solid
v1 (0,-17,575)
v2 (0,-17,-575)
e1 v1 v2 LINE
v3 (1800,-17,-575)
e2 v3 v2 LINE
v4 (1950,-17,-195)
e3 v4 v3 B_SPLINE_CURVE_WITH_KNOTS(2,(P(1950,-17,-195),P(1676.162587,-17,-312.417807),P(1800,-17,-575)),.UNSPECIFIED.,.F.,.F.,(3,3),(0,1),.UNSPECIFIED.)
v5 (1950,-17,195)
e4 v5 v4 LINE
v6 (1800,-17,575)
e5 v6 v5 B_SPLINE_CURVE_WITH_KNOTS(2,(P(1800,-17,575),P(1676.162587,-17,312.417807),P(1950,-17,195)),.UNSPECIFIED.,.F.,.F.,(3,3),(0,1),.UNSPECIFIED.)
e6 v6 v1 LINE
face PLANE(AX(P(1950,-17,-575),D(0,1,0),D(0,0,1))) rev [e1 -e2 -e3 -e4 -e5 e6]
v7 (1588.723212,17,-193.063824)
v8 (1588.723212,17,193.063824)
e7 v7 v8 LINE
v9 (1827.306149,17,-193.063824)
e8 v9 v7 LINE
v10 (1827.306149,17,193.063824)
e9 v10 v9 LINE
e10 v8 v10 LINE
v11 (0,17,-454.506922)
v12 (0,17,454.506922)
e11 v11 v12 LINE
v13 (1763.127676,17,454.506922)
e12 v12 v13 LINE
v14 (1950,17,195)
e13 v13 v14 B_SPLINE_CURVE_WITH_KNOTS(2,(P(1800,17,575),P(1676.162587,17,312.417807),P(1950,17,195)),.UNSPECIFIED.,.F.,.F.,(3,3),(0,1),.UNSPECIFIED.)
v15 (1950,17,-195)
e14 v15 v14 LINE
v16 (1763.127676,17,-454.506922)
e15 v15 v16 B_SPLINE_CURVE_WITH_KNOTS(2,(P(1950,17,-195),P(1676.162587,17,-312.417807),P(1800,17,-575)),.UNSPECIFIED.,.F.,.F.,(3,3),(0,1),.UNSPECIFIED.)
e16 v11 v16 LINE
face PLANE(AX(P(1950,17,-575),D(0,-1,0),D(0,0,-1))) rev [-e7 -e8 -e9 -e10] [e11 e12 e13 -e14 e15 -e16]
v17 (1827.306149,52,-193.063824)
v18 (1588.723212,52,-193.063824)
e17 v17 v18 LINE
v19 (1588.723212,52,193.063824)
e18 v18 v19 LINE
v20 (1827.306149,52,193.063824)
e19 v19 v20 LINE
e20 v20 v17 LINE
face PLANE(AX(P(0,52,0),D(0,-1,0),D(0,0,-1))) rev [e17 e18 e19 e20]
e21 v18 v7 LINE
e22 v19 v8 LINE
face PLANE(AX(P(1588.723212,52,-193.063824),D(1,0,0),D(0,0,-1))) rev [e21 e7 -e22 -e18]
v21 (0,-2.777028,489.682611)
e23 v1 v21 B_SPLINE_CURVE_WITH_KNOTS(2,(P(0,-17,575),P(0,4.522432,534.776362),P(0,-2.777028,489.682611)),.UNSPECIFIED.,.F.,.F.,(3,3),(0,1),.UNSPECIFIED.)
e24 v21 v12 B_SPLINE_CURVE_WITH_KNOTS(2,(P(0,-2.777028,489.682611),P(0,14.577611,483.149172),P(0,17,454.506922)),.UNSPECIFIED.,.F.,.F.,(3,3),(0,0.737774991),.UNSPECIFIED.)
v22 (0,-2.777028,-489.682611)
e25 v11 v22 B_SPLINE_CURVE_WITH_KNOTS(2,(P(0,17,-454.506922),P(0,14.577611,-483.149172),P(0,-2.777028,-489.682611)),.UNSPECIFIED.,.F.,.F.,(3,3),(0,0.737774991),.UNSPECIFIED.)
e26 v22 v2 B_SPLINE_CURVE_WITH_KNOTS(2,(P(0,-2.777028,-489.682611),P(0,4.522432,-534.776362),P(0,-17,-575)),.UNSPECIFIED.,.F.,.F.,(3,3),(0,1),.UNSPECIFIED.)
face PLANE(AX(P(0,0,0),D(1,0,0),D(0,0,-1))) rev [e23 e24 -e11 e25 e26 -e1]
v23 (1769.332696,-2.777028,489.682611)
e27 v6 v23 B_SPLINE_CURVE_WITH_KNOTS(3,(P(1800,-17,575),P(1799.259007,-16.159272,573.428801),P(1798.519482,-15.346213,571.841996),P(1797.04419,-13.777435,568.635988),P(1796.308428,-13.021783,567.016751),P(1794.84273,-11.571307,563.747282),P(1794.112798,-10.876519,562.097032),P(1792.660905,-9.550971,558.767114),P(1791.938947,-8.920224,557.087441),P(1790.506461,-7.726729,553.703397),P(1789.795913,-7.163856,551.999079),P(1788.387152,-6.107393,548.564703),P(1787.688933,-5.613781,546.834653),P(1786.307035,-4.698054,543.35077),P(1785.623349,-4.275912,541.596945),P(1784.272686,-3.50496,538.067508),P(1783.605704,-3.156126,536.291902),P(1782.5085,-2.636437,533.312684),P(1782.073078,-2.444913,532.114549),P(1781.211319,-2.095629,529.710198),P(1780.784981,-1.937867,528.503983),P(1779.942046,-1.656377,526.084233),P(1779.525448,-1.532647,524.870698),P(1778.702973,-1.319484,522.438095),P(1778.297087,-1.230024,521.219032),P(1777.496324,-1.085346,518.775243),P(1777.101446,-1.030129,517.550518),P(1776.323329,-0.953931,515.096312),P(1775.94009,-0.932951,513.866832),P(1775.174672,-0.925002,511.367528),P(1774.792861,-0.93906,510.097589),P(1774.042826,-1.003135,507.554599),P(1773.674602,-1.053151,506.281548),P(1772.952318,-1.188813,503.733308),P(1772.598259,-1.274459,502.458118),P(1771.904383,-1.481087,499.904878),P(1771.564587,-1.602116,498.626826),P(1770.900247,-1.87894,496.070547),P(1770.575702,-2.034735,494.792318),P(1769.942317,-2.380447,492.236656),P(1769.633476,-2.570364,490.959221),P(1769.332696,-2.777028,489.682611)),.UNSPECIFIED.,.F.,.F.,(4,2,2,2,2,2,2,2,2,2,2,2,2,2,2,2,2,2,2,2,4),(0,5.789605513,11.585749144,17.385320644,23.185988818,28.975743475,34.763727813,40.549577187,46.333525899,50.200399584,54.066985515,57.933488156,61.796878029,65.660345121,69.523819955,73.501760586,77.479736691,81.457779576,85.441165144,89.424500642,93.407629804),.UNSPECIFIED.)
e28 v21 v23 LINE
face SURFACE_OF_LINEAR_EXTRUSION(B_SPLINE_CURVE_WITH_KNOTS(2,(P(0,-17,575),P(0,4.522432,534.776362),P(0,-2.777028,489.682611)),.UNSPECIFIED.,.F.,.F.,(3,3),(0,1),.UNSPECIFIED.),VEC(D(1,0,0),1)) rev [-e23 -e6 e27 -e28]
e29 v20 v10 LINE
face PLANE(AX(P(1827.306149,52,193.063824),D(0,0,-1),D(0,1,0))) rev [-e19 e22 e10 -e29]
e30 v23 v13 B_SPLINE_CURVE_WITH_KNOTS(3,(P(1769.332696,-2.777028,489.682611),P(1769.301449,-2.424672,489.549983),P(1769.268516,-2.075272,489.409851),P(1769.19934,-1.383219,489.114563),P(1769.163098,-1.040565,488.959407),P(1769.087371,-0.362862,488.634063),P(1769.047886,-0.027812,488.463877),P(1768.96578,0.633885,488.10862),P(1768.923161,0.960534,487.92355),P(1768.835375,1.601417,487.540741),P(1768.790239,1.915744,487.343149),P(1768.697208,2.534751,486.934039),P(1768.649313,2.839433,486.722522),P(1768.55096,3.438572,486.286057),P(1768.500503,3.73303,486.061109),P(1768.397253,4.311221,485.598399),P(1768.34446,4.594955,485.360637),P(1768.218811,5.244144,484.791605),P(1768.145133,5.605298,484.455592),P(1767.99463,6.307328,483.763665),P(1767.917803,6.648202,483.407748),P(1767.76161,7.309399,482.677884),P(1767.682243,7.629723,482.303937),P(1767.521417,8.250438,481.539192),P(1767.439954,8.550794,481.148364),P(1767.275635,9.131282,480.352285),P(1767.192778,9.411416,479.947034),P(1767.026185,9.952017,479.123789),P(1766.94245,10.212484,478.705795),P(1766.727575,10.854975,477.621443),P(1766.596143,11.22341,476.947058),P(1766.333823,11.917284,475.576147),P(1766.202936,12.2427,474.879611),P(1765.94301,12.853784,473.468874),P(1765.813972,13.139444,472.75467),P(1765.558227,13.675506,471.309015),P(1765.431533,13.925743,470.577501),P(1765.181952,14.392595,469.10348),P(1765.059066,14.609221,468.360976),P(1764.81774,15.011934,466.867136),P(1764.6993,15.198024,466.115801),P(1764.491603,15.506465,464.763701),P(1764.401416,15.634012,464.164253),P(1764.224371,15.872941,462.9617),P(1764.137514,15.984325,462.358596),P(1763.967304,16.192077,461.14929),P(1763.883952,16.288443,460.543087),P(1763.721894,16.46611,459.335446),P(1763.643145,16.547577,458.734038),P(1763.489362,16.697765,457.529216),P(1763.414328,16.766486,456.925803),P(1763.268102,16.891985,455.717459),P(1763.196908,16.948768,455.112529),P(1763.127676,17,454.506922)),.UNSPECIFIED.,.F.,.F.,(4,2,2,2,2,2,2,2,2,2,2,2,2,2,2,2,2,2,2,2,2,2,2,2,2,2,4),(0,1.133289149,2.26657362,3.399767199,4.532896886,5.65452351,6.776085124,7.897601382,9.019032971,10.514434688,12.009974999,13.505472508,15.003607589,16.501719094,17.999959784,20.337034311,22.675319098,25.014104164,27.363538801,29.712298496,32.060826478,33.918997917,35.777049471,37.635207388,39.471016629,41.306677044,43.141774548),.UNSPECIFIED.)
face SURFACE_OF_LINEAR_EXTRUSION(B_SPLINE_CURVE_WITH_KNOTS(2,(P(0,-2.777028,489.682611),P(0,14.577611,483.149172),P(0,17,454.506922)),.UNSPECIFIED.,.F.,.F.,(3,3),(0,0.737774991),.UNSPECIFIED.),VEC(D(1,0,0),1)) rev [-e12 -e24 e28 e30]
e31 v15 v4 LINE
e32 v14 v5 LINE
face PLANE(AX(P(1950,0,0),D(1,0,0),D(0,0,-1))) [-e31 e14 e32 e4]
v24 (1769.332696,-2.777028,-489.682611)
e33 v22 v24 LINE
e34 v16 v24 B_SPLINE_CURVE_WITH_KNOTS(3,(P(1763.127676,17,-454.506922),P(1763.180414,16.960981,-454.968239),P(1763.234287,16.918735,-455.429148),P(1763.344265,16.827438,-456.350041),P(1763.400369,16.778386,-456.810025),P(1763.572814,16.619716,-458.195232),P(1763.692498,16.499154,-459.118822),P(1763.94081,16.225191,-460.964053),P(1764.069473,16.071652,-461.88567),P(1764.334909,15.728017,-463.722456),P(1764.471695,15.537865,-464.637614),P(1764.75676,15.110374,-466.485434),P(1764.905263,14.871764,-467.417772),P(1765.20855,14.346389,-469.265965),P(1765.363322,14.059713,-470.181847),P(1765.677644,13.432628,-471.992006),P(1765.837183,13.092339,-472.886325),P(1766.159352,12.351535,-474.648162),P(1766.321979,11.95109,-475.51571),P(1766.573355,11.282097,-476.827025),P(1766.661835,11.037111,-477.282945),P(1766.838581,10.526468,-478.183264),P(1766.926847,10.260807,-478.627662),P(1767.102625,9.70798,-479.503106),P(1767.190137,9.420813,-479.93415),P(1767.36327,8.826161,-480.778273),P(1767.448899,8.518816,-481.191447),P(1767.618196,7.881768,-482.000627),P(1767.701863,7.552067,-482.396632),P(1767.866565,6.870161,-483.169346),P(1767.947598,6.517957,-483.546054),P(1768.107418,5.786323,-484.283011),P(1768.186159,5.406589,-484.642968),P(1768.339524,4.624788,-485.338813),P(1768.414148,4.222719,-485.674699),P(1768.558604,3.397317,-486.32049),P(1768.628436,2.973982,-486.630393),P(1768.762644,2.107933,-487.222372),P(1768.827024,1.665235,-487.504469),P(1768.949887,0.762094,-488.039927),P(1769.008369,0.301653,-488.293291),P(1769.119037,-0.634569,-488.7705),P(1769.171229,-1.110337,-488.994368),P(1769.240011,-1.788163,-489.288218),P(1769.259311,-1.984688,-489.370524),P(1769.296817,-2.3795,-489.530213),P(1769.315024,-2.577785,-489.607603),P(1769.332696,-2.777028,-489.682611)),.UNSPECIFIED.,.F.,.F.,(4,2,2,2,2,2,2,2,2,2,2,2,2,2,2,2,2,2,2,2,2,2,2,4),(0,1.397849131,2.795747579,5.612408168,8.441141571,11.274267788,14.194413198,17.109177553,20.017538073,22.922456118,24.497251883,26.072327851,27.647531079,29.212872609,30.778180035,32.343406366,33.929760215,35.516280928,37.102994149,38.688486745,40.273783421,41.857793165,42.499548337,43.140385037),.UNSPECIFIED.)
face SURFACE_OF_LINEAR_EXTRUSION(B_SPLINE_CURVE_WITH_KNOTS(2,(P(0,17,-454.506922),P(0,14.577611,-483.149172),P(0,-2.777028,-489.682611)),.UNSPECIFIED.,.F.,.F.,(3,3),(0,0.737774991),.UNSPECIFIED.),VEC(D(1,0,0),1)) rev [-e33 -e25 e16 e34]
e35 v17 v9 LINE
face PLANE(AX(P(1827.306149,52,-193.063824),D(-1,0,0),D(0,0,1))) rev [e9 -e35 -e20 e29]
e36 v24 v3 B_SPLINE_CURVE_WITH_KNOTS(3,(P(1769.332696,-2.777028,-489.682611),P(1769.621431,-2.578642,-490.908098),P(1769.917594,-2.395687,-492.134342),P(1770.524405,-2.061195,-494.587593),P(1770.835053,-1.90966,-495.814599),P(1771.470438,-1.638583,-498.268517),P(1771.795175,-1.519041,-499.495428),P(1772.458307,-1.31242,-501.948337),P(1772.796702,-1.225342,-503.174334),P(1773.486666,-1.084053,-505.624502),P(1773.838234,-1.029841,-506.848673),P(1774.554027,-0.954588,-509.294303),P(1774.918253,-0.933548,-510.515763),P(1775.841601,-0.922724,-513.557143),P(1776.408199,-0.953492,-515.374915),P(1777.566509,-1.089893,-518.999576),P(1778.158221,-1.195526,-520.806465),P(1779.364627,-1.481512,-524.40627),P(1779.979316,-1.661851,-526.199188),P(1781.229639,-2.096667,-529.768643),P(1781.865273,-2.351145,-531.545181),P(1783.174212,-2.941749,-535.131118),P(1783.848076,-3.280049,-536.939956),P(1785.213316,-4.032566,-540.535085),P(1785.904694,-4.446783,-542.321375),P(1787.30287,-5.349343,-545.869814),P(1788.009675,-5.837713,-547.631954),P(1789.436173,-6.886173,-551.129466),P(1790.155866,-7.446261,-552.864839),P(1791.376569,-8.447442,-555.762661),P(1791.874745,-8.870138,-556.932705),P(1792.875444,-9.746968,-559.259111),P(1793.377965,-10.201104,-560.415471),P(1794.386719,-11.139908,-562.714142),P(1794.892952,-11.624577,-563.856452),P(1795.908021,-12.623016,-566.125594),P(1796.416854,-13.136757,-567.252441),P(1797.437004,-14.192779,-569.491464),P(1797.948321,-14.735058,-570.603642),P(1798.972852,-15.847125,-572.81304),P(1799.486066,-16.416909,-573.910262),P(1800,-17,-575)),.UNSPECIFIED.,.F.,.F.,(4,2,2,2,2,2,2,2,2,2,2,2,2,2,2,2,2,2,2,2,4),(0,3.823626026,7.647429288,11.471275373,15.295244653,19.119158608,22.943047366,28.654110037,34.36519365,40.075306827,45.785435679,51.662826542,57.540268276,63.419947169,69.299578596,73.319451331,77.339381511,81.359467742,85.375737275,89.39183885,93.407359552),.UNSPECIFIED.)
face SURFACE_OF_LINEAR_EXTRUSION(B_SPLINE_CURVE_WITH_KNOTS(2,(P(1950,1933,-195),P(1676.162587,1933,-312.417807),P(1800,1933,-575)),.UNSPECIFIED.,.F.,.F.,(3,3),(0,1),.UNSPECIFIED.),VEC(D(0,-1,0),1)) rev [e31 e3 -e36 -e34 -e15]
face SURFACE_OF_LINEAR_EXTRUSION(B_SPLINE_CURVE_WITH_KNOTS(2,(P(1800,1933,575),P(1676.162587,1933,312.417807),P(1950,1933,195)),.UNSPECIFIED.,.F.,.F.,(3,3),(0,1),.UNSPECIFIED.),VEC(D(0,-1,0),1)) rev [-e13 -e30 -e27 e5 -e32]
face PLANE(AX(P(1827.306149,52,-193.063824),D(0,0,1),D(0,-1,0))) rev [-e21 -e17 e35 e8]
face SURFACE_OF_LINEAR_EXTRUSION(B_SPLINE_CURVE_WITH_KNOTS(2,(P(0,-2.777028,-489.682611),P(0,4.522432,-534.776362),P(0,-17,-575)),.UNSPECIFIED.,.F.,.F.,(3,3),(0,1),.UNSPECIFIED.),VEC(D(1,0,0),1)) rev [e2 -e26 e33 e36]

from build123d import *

# Parameters (mm, degrees)
SKETCH1_W           = 1150
SKETCH1_H           = 34
BOSS_EXTRUDE1_DEPTH = 1950
CUT_EXTRUDE3_DEPTH  = 1950
CUT_EXTRUDE4_DEPTH  = 1950
SKETCH4_W           = 238.582936687
SKETCH4_H           = 386.127647534
BOSS_EXTRUDE5_DEPTH = 35


with BuildPart() as part:
    # Sketch1 → Boss-Extrude1 (new body)
    with BuildSketch(Plane(origin=(0, 0, 0), x_dir=(0, 0, -1), z_dir=(1, 0, 0))):
        Rectangle(SKETCH1_W, SKETCH1_H)
    extrude(amount=BOSS_EXTRUDE1_DEPTH)

    # Sketch2 → Cut-Extrude3 (cut)
    with BuildSketch(Plane(origin=(1950, 0, 0), x_dir=(0, 0, -1), z_dir=(1, 0, 0))):
        with BuildLine():
            Line((454.506922221, 17), (575, 17))
            Line((575, 17), (575, -17))
            add(Edge.make_bspline(
                [(489.682610702, -2.777028038), (534.776362322, 4.522431825), (575, -17)],
                knots=[0, 0, 0, 1, 1, 1], degree=2))
            add(Edge.make_bspline(
                [(454.506922221, 17), (483.149171875, 14.577610521), (489.682610702, -2.777028038)],
                knots=[0, 0, 0, 0.737774991, 0.737774991, 0.737774991], degree=2))
        make_face()
        with BuildLine():
            Line((-454.506922221, 17), (-575, 17))
            Line((-575, 17), (-575, -17))
            add(Edge.make_bspline(
                [(-489.682610702, -2.777028038), (-534.776362322, 4.522431825), (-575, -17)],
                knots=[0, 0, 0, 1, 1, 1], degree=2))
            add(Edge.make_bspline(
                [(-454.506922221, 17), (-483.149171875, 14.577610521), (-489.682610702, -2.777028038)],
                knots=[0, 0, 0, 0.737774991, 0.737774991, 0.737774991], degree=2))
        make_face()
    extrude(amount=-CUT_EXTRUDE3_DEPTH, mode=Mode.SUBTRACT)

    # Sketch3 → Cut-Extrude4 (cut)
    with BuildSketch(Plane.XZ.offset(17)):
        with BuildLine():
            Line((1800, 575), (1950, 575))
            Line((1950, 575), (1950, 195))
            add(Edge.make_bspline(
                [(1950, 195), (1676.162586963, 312.417807061), (1800, 575)],
                knots=[0, 0, 0, 1, 1, 1], degree=2))
        make_face()
        with BuildLine():
            Line((1950, -195), (1950, -575))
            Line((1950, -575), (1800, -575))
            add(Edge.make_bspline(
                [(1950, -195), (1676.162586963, -312.417807061), (1800, -575)],
                knots=[0, 0, 0, 1, 1, 1], degree=2))
        make_face()
    extrude(amount=-CUT_EXTRUDE4_DEPTH, mode=Mode.SUBTRACT)

    # Sketch4 → Boss-Extrude5 (add)
    with BuildSketch(Plane(origin=(0, 17, 0), x_dir=(1, 0, 0), z_dir=(0, 1, 0))):
        with Locations((1708.01468048, 0)):
            Rectangle(SKETCH4_W, SKETCH4_H)
    extrude(amount=BOSS_EXTRUDE5_DEPTH)


solid = part.part
